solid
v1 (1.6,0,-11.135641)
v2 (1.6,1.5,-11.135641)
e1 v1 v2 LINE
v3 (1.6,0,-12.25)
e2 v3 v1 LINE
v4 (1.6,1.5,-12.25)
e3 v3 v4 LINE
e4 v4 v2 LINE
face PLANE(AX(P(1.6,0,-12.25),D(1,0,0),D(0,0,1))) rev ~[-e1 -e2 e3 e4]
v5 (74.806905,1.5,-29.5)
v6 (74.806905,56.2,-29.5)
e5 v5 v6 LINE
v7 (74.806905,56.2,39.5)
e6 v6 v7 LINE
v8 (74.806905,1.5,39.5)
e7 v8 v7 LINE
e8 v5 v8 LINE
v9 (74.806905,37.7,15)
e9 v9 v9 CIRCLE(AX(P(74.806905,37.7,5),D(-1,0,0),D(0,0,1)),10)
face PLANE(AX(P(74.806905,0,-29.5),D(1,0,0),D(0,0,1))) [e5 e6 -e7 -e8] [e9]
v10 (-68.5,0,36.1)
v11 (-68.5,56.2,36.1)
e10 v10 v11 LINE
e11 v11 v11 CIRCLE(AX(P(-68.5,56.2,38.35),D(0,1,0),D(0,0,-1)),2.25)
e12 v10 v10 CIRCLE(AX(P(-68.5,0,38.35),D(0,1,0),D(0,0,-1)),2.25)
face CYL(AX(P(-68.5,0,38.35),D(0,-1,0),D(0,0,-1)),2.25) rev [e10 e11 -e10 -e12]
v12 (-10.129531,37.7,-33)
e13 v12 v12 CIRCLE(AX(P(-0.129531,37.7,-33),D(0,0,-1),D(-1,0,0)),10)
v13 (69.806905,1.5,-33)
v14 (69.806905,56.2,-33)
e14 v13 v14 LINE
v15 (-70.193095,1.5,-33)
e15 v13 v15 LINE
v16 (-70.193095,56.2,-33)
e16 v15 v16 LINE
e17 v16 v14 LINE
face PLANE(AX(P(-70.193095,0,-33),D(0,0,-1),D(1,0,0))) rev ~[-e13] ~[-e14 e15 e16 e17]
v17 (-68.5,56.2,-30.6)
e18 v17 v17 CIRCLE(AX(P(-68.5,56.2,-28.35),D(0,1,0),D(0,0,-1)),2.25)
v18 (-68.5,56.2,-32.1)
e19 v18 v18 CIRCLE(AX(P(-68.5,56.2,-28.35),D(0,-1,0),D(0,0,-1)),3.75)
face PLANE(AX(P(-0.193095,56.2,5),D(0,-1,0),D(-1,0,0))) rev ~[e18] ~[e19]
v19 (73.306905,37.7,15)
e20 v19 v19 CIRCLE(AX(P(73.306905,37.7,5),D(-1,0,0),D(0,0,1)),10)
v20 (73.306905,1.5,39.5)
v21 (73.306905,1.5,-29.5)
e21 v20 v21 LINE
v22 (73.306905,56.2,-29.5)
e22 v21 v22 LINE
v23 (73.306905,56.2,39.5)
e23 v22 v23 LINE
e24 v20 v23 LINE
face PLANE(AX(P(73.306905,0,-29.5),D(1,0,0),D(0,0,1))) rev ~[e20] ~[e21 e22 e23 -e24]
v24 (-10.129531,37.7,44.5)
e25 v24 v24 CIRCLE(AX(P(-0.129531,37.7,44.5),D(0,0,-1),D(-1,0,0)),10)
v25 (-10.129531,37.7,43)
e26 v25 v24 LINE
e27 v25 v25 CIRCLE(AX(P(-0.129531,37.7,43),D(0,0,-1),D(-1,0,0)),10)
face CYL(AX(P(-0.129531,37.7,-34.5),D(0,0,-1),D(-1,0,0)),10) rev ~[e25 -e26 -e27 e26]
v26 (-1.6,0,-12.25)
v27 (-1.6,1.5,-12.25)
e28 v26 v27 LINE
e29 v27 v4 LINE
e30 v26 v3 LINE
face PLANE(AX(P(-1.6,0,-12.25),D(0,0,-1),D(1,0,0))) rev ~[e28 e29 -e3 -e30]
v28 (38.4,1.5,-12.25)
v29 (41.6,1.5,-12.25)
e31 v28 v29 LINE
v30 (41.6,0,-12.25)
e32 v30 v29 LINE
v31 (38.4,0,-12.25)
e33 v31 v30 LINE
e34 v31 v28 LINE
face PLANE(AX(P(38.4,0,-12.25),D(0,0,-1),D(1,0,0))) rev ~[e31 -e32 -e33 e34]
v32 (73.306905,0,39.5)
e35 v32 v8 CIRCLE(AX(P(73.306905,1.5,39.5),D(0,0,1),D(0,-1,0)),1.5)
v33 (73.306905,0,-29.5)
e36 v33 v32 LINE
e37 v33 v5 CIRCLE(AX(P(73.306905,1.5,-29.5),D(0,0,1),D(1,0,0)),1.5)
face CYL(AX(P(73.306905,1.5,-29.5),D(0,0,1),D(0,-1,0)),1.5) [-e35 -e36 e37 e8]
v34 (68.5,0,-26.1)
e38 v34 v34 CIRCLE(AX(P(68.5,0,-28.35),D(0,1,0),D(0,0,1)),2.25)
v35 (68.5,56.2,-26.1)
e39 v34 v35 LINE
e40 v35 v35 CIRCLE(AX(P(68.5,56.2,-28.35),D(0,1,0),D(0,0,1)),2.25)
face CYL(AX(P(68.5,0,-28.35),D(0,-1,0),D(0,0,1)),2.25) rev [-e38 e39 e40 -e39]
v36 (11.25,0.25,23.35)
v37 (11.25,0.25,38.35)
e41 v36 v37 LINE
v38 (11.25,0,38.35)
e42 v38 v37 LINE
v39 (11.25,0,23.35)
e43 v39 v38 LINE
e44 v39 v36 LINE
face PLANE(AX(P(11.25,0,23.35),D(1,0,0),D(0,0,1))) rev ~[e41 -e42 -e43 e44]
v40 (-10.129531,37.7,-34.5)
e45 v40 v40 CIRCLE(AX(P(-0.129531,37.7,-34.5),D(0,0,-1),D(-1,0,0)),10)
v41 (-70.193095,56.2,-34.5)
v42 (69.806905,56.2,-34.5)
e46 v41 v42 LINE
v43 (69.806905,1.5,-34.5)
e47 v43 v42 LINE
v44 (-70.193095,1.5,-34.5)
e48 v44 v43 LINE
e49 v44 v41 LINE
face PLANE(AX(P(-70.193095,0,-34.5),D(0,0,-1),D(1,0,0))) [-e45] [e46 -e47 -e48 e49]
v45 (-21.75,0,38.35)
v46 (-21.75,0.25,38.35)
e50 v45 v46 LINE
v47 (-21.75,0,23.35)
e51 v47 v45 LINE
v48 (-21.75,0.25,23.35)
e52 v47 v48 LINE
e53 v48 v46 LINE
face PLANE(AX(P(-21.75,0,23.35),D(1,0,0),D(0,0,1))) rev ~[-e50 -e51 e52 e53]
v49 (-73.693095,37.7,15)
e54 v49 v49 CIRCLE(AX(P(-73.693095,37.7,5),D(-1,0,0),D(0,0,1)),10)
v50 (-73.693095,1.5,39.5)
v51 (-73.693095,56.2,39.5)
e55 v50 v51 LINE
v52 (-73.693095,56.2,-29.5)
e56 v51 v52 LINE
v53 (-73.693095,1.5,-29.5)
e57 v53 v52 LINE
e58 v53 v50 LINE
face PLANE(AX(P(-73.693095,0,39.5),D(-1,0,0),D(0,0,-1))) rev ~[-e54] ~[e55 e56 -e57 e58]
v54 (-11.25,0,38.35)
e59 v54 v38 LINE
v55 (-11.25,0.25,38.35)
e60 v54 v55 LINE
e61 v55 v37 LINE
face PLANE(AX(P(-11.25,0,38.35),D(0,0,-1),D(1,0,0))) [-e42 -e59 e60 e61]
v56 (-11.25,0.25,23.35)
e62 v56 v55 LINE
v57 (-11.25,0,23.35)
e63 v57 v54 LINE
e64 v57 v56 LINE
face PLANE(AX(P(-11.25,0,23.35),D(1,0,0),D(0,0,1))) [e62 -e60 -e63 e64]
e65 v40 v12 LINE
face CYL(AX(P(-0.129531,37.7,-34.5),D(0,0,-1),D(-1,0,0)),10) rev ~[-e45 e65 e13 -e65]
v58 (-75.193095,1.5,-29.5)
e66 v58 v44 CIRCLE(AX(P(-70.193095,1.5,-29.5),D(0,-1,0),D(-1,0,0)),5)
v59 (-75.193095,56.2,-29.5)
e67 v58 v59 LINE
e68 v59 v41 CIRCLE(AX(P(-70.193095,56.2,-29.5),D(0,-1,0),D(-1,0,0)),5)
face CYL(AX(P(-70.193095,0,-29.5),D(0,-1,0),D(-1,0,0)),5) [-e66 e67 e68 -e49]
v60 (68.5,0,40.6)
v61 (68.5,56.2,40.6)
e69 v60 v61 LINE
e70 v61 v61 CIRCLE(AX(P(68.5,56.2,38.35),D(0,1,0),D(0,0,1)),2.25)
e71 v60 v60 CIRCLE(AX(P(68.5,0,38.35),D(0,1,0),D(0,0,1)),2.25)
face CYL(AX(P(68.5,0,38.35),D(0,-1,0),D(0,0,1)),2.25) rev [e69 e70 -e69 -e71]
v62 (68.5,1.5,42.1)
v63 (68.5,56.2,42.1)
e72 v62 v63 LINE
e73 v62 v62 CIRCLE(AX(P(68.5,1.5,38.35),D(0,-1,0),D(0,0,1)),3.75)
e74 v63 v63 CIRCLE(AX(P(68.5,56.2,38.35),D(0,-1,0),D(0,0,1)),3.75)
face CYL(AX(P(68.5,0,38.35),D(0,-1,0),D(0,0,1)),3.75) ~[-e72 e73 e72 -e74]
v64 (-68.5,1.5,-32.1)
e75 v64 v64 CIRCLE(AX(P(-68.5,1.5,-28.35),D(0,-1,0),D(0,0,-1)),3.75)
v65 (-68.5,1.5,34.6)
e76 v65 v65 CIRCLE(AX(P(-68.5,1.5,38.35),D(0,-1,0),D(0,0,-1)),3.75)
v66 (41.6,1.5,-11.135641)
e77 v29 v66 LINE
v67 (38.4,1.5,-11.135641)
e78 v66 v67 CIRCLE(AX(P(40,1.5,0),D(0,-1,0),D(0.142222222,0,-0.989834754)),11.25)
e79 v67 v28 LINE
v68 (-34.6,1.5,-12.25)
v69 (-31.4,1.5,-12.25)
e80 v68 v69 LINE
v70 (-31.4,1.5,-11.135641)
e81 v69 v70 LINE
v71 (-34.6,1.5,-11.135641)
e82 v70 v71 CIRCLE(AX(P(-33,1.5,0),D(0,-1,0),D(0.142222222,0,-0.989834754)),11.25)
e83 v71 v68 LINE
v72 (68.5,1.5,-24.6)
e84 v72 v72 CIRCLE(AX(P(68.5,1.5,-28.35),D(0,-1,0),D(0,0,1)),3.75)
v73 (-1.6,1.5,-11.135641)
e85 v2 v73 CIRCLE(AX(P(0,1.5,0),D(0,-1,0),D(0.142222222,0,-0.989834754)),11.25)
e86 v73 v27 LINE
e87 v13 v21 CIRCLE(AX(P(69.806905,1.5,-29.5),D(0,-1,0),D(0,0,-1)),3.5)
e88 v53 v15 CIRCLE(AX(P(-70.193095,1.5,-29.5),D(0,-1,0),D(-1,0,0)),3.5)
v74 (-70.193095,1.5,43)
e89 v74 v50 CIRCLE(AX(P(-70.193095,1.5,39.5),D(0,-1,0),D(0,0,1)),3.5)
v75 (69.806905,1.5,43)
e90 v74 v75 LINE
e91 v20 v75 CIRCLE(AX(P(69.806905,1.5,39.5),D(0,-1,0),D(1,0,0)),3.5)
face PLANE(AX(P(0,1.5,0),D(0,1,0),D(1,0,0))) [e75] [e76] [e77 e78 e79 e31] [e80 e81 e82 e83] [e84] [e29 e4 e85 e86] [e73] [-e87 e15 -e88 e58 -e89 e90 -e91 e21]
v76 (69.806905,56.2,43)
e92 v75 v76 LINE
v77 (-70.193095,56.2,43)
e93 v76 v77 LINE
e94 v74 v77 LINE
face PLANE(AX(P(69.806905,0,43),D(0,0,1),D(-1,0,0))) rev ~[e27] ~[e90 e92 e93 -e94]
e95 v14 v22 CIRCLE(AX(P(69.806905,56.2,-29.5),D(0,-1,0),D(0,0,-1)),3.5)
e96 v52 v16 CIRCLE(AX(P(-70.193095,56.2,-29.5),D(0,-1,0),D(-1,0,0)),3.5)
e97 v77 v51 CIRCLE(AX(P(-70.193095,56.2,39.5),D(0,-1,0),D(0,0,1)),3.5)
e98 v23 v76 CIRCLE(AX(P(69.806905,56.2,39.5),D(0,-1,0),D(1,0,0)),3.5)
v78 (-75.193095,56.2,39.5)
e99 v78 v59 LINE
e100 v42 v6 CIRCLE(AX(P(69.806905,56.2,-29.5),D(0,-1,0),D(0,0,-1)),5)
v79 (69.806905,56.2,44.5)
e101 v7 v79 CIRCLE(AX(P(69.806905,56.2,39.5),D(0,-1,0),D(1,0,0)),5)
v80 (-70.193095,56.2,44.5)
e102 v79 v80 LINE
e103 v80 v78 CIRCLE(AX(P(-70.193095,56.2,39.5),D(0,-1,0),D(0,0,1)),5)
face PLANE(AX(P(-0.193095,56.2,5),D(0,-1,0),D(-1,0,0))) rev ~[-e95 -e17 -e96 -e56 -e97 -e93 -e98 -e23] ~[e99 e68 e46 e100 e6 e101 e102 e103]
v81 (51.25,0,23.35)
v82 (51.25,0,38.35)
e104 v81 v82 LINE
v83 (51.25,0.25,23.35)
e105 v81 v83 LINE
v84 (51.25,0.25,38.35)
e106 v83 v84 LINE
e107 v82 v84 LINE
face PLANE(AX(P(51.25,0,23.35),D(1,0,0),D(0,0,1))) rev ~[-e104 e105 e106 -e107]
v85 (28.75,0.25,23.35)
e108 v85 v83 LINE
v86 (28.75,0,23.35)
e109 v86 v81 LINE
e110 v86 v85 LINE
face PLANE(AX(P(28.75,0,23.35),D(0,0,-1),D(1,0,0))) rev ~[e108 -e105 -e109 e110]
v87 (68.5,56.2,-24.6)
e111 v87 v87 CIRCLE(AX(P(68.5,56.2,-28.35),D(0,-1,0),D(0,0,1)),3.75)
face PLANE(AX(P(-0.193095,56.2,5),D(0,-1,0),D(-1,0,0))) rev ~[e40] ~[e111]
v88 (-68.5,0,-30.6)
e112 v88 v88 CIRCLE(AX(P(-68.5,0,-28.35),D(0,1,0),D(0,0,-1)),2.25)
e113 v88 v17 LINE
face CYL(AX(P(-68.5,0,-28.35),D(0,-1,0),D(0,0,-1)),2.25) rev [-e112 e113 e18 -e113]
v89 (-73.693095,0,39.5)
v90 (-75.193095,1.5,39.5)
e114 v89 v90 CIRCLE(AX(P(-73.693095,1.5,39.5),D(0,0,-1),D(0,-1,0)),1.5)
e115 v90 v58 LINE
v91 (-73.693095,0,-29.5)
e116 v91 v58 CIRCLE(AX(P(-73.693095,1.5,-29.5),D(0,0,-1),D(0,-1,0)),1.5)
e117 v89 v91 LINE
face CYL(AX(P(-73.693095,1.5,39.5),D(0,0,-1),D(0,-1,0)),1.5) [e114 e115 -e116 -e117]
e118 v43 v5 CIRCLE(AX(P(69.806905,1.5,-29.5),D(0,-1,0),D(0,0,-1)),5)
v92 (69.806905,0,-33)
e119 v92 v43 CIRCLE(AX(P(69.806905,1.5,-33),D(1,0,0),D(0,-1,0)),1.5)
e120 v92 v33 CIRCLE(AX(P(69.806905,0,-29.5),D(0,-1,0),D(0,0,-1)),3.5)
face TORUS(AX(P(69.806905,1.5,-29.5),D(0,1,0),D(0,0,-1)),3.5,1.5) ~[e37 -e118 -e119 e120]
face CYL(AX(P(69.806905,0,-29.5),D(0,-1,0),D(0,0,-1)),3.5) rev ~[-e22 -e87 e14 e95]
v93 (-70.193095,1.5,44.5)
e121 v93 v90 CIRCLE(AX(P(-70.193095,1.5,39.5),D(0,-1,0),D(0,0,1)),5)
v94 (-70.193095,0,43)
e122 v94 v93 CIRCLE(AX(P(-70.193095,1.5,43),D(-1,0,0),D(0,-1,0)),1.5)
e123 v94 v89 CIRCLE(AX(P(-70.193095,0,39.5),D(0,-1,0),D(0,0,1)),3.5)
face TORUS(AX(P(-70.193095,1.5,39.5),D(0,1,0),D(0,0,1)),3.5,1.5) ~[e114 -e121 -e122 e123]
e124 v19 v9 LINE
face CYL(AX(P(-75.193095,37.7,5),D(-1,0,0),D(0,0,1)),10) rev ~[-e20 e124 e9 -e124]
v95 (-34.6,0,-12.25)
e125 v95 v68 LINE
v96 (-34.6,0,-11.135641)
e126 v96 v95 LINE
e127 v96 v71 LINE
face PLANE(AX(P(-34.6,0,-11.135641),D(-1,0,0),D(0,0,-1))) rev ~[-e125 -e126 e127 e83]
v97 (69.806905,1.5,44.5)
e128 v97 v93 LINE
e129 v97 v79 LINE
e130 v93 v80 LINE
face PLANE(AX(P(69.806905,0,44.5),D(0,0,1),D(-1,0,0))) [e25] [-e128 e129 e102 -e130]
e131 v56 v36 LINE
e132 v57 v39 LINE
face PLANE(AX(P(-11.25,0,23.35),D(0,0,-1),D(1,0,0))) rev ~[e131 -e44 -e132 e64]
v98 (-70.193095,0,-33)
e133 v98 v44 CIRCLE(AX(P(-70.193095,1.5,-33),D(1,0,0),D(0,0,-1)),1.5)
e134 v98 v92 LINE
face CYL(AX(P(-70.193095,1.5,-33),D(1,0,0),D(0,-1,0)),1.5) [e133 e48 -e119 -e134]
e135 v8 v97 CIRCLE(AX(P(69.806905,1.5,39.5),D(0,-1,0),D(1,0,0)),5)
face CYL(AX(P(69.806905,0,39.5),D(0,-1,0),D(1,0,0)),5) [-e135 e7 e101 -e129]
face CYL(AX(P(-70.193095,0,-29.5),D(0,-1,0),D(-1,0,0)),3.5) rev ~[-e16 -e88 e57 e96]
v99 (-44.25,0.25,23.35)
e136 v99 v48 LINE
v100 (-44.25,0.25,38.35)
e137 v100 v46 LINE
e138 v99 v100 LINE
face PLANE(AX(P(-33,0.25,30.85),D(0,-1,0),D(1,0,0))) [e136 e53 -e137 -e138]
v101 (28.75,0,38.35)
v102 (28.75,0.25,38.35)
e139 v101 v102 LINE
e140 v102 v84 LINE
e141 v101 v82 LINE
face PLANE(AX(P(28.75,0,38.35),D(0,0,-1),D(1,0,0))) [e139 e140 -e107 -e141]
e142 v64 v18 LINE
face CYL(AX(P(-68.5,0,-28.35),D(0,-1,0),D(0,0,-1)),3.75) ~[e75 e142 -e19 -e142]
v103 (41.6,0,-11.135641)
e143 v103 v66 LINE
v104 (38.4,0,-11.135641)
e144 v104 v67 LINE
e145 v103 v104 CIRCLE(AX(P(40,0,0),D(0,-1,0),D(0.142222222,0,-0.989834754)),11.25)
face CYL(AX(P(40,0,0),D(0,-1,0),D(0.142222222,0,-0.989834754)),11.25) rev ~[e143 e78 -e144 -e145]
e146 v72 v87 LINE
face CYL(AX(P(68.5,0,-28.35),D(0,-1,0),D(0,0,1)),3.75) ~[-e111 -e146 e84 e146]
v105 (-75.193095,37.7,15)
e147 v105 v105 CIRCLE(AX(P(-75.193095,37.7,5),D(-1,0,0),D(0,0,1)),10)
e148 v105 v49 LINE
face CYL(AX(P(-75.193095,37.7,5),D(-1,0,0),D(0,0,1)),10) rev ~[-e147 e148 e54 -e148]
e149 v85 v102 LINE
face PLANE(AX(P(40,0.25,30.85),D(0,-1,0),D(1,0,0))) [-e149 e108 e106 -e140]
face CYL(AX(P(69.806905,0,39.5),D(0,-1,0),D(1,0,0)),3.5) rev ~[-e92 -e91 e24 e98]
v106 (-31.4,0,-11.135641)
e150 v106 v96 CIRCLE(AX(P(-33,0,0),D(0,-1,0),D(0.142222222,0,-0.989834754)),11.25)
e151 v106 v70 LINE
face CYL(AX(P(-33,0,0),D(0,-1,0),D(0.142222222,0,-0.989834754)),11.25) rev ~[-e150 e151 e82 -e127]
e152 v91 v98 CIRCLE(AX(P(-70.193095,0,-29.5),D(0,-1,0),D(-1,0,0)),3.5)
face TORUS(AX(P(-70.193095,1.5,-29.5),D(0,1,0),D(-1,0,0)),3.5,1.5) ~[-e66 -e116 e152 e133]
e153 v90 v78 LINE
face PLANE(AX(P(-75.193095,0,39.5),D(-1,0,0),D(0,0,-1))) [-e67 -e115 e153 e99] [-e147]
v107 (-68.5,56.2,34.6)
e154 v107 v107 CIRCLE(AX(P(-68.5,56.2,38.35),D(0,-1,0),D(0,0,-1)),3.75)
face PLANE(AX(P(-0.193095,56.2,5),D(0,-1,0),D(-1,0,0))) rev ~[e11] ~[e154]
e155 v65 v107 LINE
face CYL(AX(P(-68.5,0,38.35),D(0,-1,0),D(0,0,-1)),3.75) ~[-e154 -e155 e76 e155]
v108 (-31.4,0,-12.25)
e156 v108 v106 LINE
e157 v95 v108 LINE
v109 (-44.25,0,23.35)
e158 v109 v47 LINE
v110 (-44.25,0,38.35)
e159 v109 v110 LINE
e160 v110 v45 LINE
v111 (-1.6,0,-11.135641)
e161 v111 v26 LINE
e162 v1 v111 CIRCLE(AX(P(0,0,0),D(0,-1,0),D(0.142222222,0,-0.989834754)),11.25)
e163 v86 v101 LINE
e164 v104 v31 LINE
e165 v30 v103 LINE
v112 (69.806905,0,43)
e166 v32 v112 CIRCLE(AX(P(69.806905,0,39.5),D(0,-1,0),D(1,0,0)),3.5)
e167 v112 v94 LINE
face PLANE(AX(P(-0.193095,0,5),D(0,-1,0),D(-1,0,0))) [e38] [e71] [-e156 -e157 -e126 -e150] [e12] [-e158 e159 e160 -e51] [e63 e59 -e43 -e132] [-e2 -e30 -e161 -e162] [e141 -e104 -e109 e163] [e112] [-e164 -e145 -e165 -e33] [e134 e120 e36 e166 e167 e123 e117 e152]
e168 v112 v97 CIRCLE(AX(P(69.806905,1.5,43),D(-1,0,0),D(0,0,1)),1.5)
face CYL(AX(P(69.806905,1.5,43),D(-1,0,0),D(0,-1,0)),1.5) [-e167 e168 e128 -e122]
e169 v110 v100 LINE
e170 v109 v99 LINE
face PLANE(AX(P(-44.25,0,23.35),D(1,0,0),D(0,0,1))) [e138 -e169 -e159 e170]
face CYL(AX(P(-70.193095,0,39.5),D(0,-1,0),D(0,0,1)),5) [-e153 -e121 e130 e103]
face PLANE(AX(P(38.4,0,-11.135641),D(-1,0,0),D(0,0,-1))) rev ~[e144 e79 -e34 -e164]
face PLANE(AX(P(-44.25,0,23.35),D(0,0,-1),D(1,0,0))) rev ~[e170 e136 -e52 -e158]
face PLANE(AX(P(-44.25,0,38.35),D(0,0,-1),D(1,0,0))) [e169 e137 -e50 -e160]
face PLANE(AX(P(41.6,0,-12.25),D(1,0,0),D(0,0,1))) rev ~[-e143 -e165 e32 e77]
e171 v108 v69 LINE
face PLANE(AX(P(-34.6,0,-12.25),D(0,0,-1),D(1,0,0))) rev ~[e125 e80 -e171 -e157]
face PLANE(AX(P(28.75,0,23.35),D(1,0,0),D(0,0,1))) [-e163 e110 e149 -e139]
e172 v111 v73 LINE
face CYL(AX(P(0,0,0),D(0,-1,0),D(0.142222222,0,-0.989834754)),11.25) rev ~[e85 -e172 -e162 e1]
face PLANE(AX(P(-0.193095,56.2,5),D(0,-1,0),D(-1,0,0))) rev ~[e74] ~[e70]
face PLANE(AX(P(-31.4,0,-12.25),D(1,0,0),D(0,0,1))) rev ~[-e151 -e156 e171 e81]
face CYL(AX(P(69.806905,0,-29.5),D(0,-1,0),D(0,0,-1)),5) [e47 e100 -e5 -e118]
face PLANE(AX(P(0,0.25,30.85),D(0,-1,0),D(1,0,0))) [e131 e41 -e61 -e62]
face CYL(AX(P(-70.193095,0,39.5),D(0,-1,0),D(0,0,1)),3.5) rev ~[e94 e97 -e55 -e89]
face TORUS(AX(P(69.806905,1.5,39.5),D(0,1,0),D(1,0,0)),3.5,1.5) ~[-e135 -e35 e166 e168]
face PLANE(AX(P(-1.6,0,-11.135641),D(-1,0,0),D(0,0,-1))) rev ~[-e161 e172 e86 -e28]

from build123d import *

# Parameters (mm, degrees)
SKETCH1_R           = 2.25
BOSS_EXTRUDE1_DEPTH = 56.2
SHELL1_T            = -1.5
SKETCH2_W           = 107.526504688
SKETCH2_H           = 43.658783516
CUT_EXTRUDE1_DEPTH  = 54.7
FILLET1_R           = 1.5
SKETCH3_R           = 10
CUT_EXTRUDE2_DEPTH  = 123.692467131
SKETCH4_R           = 10
CUT_EXTRUDE3_DEPTH  = 167.248879786
SKETCH6_W           = 22.5
SKETCH6_H           = 15
CUT_EXTRUDE5_DEPTH  = 0.25


with BuildPart() as part:
    # Sketch1 → Boss-Extrude1 (new body)
    with BuildSketch(Plane(origin=(0, 0, 0), x_dir=(1, 0, 0), z_dir=(0, 1, 0))):
        with BuildLine():
            Line((-70.193094701, 34.5), (69.806905299, 34.5))
            ThreePointArc((69.806905299, 34.5), (73.342439205, 33.035533906), (74.806905299, 29.5))
            Line((74.806905299, 29.5), (74.806905299, -39.5))
            ThreePointArc((74.806905299, -39.5), (73.342439205, -43.035533906), (69.806905299, -44.5))
            Line((69.806905299, -44.5), (-70.193094701, -44.5))
            ThreePointArc((-70.193094701, -44.5), (-73.728628607, -43.035533906), (-75.193094701, -39.5))
            Line((-75.193094701, -39.5), (-75.193094701, 29.5))
            ThreePointArc((-75.193094701, 29.5), (-73.728628607, 33.035533906), (-70.193094701, 34.5))
        make_face()
        with Locations(Location((68.5, 28.35, 0), (0, 0, 270))):
            Circle(SKETCH1_R, mode=Mode.SUBTRACT)
        with Locations(Location((68.5, -38.35, 0), (0, 0, 270))):
            Circle(SKETCH1_R, mode=Mode.SUBTRACT)
        with Locations(Location((-68.5, -38.35, 0), (0, 0, 90))):
            Circle(SKETCH1_R, mode=Mode.SUBTRACT)
        with Locations(Location((-68.5, 28.35, 0), (0, 0, 90))):
            Circle(SKETCH1_R, mode=Mode.SUBTRACT)
        with BuildLine():
            Line((-34.6, 11.135640978), (-34.6, 12.25))
            Line((-34.6, 12.25), (-31.4, 12.25))
            Line((-31.4, 12.25), (-31.4, 11.135640978))
            ThreePointArc((-31.4, 11.135640978), (-33, -11.25), (-34.6, 11.135640978))
        make_face(mode=Mode.SUBTRACT)
        with BuildLine():
            Line((-1.6, 11.135640978), (-1.6, 12.25))
            Line((-1.6, 12.25), (1.6, 12.25))
            Line((1.6, 12.25), (1.6, 11.135640978))
            ThreePointArc((1.6, 11.135640978), (0, -11.25), (-1.6, 11.135640978))
        make_face(mode=Mode.SUBTRACT)
        with BuildLine():
            Line((38.4, 11.135640978), (38.4, 12.25))
            Line((38.4, 12.25), (41.6, 12.25))
            Line((41.6, 12.25), (41.6, 11.135640978))
            ThreePointArc((41.6, 11.135640978), (40, -11.25), (38.4, 11.135640978))
        make_face(mode=Mode.SUBTRACT)
    extrude(amount=BOSS_EXTRUDE1_DEPTH)

    # Shell1
    shell1_openings = [part.faces().sort_by_distance(p)[0] for p in [
        (-0.193094701, 56.2, -32.804682921),
    ]]
    offset(amount=SHELL1_T, openings=shell1_openings, kind=Kind.INTERSECTION)

    # Sketch2 → Cut-Extrude1 (cut)
    with BuildSketch(Plane(origin=(0, 56.2, 0), x_dir=(1, 0, 0), z_dir=(0, 1, 0))):
        Rectangle(SKETCH2_W, SKETCH2_H)
    extrude(amount=-CUT_EXTRUDE1_DEPTH, mode=Mode.SUBTRACT)

    # Fillet1
    fillet1_edges = [part.edges().sort_by_distance(p)[0] for p in [
        (-75.193094701, 0, 5),
        (-73.728628607, 0, -33.035533906),
        (-0.193094701, 0, -34.5),
        (73.342439205, 0, -33.035533906),
        (74.806905299, 0, 5),
        (73.342439205, 0, 43.035533906),
        (-0.193094701, 0, 44.5),
        (-73.728628607, 0, 43.035533906),
    ]]
    fillet(fillet1_edges, radius=FILLET1_R)

    # Sketch3 → Cut-Extrude2 (cut, through all)
    with BuildSketch(Plane(origin=(0, 0, -34.5), x_dir=(-1, 0, 0), z_dir=(0, 0, -1))):
        with Locations((0.129531499, 37.7)):
            Circle(SKETCH3_R)
    extrude(amount=-CUT_EXTRUDE2_DEPTH, mode=Mode.SUBTRACT)

    # Sketch4 → Cut-Extrude3 (cut, through all)
    with BuildSketch(Plane.ZY.offset(75.193094701)):
        with Locations((5, 37.7)):
            Circle(SKETCH4_R)
    extrude(amount=-CUT_EXTRUDE3_DEPTH, mode=Mode.SUBTRACT)

    # Sketch6 → Cut-Extrude5 (cut)
    with BuildSketch(Plane.XZ):
        with Locations((-33, 30.85)):
            Rectangle(SKETCH6_W, SKETCH6_H)
        with Locations((40, 30.85)):
            Rectangle(SKETCH6_W, SKETCH6_H)
        with Locations((0, 30.85)):
            Rectangle(SKETCH6_W, SKETCH6_H)
    extrude(amount=-CUT_EXTRUDE5_DEPTH, mode=Mode.SUBTRACT)


solid = part.part
